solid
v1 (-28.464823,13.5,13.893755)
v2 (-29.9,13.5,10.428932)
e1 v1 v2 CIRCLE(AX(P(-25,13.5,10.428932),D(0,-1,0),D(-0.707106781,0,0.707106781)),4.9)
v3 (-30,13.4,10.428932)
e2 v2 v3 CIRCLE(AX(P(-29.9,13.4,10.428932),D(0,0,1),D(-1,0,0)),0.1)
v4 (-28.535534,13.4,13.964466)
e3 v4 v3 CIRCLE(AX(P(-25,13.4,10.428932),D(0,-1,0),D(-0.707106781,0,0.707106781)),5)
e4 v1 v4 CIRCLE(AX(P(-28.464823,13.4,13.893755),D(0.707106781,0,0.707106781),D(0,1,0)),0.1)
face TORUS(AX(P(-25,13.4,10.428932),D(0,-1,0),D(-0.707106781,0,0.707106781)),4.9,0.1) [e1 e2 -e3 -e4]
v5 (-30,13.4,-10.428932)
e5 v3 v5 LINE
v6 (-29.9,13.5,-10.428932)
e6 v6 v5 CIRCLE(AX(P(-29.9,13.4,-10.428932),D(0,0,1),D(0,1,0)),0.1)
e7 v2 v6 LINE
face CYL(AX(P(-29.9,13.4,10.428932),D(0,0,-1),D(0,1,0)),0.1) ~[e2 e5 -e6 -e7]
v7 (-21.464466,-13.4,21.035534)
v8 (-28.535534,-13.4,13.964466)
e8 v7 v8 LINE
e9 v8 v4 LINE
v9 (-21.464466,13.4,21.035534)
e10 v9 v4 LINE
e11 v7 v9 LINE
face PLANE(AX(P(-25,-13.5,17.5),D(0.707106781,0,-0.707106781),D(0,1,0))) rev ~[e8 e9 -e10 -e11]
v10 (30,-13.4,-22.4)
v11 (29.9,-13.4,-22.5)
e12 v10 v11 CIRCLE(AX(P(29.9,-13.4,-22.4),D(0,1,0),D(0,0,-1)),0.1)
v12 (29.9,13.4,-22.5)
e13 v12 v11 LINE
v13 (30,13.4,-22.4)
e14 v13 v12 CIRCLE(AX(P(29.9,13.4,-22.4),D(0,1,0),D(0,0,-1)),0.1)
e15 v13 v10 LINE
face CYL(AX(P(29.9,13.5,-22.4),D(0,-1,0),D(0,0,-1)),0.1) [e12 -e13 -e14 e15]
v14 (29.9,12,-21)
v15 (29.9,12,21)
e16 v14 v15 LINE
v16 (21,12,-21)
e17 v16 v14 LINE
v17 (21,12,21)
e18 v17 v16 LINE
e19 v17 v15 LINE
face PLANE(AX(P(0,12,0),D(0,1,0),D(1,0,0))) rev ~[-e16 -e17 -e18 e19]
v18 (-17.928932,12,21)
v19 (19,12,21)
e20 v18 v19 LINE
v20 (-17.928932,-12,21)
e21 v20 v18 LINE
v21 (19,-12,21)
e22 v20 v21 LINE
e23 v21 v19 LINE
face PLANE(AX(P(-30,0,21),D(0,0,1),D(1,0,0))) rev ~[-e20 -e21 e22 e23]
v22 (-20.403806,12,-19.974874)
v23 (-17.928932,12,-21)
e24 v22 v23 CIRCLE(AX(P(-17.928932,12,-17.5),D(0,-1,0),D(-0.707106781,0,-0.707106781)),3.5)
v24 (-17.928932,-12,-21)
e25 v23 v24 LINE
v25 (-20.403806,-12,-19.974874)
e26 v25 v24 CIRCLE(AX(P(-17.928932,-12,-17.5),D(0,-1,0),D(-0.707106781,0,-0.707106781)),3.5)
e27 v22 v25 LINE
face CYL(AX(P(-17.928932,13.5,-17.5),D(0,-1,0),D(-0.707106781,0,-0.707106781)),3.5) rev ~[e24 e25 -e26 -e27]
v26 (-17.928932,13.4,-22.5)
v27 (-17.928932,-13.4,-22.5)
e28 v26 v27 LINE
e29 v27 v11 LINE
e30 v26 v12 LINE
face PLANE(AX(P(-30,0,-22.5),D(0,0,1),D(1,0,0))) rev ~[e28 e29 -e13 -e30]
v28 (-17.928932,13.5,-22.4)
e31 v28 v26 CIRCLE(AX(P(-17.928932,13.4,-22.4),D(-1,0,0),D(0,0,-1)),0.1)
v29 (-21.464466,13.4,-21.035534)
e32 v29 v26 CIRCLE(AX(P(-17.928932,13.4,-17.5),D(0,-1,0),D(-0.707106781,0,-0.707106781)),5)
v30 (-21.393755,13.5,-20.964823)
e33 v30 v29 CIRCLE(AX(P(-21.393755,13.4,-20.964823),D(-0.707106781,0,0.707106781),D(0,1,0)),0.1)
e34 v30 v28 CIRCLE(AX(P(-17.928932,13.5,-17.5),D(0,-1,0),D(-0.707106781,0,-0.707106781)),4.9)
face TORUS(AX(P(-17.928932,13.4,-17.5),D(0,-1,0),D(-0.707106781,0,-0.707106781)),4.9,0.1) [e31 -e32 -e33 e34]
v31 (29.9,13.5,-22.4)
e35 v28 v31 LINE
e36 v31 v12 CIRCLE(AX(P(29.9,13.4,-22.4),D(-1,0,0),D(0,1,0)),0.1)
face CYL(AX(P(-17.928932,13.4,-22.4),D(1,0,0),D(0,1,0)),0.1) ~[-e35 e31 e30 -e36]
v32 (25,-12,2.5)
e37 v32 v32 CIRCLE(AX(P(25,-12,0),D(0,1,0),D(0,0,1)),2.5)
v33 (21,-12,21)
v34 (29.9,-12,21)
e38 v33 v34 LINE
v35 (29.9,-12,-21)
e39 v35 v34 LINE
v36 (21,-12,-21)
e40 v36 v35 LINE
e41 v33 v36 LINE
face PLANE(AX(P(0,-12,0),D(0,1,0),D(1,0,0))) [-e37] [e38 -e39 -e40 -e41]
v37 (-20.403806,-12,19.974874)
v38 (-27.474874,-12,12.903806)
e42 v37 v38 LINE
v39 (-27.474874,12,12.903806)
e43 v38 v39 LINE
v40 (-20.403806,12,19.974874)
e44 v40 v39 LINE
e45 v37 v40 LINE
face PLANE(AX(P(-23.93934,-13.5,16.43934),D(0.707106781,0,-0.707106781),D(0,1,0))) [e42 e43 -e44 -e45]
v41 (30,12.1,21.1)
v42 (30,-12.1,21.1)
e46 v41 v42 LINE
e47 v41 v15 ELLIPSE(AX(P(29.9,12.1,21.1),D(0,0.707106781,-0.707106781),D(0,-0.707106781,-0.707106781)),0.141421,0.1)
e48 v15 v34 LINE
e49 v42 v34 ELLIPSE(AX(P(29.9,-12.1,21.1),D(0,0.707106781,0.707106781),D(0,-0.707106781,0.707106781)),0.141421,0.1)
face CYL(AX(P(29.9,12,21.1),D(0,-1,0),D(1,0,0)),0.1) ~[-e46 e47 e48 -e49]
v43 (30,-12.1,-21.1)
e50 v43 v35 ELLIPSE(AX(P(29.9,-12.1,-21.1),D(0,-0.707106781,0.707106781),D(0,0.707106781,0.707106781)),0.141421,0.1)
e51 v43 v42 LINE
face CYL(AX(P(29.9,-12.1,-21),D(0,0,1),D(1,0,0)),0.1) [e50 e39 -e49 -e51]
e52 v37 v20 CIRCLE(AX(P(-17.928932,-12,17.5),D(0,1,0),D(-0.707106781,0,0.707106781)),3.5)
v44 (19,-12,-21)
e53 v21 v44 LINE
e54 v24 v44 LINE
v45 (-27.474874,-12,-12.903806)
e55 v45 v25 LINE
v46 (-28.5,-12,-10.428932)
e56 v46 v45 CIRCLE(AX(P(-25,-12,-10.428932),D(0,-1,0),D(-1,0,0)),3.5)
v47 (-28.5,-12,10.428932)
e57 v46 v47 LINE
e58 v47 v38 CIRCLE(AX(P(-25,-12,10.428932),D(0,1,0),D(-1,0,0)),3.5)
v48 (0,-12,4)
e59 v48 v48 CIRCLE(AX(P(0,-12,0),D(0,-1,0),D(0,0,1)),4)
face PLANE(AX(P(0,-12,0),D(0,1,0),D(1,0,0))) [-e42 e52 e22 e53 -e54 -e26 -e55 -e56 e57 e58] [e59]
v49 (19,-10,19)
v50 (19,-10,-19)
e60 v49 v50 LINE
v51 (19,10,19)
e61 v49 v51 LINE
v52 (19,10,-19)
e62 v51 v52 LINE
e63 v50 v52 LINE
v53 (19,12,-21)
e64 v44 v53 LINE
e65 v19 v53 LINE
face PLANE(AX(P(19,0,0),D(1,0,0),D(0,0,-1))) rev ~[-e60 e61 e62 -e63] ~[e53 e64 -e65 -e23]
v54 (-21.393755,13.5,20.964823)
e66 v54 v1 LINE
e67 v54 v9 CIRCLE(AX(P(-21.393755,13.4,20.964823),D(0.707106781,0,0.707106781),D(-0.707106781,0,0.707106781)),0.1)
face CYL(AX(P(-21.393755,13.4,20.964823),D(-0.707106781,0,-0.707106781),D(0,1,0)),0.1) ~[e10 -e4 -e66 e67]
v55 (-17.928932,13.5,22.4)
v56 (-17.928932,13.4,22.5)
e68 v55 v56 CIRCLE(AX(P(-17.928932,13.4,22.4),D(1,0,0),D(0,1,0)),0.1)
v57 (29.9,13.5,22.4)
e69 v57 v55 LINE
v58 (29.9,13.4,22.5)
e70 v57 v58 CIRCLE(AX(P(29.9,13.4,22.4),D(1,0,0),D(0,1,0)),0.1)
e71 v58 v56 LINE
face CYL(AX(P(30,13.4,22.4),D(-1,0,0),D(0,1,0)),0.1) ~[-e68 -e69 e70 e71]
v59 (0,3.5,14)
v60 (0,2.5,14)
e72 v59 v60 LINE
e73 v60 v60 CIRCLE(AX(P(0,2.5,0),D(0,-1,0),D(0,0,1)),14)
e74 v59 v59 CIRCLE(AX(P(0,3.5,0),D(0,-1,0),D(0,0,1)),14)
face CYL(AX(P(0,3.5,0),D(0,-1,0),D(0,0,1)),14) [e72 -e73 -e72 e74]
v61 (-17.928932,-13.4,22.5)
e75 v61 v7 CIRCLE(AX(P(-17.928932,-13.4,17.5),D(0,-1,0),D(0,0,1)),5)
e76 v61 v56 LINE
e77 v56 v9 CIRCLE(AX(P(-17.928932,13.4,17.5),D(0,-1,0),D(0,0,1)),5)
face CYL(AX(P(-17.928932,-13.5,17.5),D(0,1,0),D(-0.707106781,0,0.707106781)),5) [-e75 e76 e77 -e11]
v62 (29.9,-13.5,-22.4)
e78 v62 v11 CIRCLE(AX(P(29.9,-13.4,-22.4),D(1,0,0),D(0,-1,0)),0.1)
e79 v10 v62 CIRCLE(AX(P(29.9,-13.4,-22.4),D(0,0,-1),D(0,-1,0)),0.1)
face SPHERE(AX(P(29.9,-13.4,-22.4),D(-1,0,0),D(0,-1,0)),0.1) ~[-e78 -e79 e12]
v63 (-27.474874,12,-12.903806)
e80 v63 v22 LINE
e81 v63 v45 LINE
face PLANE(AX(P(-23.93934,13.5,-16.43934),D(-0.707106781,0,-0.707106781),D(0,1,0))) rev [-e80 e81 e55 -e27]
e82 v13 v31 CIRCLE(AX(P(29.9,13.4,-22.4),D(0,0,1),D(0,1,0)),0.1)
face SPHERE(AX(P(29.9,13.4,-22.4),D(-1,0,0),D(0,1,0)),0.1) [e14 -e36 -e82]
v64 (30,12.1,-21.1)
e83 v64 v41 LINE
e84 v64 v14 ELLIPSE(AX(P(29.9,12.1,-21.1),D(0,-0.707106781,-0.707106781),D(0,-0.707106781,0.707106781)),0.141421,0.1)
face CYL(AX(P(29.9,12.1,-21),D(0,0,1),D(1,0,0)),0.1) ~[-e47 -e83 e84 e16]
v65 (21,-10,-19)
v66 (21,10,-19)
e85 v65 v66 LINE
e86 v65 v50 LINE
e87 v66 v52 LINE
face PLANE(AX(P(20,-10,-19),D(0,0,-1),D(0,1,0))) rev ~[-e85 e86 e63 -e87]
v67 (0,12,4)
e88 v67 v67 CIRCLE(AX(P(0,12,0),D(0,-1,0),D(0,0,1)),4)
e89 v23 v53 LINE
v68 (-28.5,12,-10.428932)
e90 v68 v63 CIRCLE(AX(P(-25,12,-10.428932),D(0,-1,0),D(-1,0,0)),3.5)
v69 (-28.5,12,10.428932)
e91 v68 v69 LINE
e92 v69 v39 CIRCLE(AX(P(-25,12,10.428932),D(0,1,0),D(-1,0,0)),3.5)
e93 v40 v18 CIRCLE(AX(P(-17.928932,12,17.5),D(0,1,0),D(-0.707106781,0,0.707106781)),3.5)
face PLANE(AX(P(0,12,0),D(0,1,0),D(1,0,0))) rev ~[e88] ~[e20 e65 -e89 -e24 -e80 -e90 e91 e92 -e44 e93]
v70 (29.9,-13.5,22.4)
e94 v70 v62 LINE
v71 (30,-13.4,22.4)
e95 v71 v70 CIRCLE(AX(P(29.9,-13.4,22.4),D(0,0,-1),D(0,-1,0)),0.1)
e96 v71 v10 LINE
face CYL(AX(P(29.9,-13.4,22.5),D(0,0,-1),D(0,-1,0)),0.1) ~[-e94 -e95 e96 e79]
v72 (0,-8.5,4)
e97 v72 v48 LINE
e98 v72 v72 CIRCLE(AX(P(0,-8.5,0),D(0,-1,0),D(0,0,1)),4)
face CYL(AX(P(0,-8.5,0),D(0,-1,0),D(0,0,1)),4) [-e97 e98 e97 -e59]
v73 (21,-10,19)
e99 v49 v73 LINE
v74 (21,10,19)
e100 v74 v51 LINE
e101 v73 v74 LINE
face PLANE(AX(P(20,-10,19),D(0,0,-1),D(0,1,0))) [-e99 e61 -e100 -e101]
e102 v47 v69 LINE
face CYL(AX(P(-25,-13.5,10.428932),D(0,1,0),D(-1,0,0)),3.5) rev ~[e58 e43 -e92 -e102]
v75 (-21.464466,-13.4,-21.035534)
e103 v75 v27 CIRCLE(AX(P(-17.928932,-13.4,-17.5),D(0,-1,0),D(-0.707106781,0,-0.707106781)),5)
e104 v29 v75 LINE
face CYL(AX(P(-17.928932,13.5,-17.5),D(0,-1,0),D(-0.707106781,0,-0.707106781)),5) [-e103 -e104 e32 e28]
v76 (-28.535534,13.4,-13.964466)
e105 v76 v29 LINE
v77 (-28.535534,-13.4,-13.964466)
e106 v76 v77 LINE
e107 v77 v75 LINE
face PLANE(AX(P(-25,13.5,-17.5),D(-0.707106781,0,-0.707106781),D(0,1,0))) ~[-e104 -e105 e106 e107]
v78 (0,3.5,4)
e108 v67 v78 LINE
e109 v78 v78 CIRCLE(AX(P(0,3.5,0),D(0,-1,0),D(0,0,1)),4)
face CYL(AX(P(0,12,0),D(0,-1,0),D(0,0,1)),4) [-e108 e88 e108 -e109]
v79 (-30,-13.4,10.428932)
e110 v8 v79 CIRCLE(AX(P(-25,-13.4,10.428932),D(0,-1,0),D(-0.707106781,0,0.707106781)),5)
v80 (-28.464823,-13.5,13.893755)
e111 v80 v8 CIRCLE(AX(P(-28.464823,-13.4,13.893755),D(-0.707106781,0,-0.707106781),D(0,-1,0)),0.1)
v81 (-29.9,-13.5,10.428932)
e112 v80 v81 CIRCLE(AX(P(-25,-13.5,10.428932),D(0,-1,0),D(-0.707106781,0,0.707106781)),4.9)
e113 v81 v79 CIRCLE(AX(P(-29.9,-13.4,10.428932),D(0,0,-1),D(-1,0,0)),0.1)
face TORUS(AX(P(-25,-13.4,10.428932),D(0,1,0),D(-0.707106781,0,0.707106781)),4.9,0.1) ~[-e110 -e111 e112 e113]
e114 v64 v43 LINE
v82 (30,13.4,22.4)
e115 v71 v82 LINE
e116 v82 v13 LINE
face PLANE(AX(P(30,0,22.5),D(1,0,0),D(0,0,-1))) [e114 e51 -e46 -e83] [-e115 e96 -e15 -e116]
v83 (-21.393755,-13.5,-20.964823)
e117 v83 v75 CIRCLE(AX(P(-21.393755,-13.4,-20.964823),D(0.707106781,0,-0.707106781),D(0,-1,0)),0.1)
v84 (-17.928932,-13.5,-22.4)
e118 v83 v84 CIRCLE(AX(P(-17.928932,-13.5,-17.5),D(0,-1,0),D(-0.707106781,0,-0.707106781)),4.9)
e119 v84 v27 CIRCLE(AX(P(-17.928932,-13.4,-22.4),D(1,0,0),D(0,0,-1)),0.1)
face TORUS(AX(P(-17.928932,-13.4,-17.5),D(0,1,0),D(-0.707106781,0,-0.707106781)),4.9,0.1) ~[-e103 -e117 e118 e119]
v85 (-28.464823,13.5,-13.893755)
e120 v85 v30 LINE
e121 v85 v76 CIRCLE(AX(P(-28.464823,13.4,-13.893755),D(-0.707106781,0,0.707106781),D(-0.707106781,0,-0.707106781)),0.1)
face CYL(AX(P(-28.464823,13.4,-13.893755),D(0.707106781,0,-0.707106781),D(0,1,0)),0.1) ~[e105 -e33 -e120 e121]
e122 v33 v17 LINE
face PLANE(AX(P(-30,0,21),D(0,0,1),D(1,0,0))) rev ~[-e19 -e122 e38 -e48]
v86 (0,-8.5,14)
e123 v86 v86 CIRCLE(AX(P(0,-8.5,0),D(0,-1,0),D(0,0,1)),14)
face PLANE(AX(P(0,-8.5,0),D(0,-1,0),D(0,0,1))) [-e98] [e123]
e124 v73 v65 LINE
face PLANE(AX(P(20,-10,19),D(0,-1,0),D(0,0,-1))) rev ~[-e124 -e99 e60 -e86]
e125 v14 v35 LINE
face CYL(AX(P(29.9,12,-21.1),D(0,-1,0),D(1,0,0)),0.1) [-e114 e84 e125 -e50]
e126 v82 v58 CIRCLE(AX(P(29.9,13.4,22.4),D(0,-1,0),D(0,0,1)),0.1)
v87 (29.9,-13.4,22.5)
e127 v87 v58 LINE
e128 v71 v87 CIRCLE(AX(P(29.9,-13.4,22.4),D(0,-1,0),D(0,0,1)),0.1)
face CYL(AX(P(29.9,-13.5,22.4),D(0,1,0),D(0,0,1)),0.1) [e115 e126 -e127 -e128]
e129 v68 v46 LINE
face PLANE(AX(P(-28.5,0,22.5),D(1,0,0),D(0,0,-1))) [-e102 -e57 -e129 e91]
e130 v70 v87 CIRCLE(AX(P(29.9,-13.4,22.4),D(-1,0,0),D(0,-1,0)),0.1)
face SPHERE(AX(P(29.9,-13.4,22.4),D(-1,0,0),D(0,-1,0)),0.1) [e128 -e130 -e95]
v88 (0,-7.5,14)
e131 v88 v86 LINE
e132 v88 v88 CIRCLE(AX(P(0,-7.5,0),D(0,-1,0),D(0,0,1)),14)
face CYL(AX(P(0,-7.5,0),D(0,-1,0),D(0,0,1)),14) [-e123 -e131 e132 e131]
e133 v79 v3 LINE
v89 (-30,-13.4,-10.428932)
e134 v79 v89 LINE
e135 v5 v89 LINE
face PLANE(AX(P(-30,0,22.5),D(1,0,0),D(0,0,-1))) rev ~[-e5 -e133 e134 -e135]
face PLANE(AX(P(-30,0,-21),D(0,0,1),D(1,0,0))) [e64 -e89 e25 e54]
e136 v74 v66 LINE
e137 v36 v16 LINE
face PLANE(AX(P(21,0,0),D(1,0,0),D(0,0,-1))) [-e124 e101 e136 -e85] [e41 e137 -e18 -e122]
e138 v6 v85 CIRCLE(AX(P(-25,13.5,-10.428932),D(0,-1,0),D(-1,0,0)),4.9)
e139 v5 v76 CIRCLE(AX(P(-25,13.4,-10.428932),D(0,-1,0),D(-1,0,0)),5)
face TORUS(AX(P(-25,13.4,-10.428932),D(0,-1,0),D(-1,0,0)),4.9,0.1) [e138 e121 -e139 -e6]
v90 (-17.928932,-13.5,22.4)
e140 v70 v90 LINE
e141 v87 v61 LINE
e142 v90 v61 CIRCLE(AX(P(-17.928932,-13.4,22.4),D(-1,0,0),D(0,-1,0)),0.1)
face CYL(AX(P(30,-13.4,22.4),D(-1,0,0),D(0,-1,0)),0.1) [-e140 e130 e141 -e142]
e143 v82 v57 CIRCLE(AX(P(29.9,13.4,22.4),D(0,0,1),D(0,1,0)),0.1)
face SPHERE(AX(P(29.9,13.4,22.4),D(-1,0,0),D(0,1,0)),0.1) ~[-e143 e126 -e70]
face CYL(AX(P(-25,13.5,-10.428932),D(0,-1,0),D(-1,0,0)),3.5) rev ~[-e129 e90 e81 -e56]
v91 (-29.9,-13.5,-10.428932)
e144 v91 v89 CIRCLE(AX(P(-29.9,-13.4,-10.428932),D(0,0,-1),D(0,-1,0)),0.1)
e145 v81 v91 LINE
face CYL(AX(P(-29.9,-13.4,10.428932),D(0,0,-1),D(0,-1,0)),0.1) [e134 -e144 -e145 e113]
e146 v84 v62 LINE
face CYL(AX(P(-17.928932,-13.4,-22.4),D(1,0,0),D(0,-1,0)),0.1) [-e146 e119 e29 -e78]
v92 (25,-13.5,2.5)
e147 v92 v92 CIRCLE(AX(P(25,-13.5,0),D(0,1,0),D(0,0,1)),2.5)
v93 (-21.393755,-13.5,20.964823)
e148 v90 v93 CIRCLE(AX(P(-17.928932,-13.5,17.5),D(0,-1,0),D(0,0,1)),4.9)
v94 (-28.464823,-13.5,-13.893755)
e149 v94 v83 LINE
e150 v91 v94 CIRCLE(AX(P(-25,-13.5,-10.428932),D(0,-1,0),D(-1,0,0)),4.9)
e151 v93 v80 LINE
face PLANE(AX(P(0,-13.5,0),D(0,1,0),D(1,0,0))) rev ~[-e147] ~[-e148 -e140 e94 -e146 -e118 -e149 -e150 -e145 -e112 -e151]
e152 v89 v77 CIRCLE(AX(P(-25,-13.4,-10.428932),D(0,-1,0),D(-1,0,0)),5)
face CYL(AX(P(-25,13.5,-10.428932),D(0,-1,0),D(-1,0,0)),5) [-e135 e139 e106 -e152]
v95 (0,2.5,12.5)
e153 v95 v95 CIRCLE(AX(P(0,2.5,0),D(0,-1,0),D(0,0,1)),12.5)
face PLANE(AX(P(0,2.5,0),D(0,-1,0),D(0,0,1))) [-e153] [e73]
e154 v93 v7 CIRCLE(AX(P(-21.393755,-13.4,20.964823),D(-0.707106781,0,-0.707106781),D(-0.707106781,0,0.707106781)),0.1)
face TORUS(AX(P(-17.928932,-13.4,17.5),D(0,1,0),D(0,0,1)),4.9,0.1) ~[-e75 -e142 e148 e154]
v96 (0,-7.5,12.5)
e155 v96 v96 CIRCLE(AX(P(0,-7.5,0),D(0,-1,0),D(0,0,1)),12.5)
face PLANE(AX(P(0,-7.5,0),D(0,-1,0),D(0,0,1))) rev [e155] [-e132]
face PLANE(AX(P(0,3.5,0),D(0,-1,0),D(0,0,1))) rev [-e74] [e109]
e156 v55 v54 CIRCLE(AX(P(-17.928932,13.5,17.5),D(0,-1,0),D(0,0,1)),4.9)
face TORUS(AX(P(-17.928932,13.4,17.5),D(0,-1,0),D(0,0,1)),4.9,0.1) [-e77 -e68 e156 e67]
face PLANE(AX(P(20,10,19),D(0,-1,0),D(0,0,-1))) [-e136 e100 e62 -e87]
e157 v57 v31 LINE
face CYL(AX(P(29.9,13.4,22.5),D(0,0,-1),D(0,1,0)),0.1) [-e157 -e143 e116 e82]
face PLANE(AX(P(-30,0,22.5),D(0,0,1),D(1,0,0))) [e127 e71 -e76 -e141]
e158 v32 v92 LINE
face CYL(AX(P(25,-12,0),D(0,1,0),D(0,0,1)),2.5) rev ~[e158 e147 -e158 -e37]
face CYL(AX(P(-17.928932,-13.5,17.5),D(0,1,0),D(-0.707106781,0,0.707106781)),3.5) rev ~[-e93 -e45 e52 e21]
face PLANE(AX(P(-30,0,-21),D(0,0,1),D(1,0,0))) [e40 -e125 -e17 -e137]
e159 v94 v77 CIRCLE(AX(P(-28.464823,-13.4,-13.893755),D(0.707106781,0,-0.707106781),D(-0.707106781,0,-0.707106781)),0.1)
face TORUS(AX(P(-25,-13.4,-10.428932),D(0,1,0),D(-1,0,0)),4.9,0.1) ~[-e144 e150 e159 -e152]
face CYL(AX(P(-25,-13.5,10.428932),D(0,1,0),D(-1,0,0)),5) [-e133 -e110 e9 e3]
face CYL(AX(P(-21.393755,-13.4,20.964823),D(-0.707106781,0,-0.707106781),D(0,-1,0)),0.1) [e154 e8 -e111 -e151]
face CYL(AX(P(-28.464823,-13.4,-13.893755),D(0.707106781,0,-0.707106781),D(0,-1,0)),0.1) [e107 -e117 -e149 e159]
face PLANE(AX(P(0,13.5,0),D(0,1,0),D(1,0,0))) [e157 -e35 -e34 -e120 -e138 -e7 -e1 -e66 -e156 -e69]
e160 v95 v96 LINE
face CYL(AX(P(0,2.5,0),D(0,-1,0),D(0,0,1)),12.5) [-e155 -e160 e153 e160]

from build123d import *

# Parameters (mm, degrees)
SKETCH_1_W          = 60
SKETCH_1_H          = 45
EXTRUDE_1_DEPTH     = 13.5
CHAMFER_1_SIZE      = 10
FILLET_1_R          = 5
SHELL_1_T           = -1.5
FILLET_2_R          = 0.1
SKETCH_4_W          = 42
SKETCH_4_H          = 24
SKETCH_4_W_2        = 38
SKETCH_4_H_2        = 20
EXTRUDE_1_2_DEPTH   = 1
CUT_EXTRUDE_1_REACH = 47.349
SKETCH_7_R          = 2.5


with BuildPart() as part:
    # 草图1 → Extrude 1 (new, symmetric)
    with BuildSketch(Plane(origin=(0, 0, 0), x_dir=(1, 0, 0), z_dir=(0, 1, 0))):
        Rectangle(SKETCH_1_W, SKETCH_1_H)
    extrude(amount=EXTRUDE_1_DEPTH, both=True)

    # 倒角1
    chamfer_1_edges = [part.edges().sort_by_distance(p)[0] for p in [
        (-30, 0, 22.5),
        (-30, 0, -22.5),
    ]]
    chamfer(chamfer_1_edges, length=CHAMFER_1_SIZE)

    # 圆角1
    fillet_1_edges = [part.edges().sort_by_distance(p)[0] for p in [
        (-30, 0, 12.5),
        (-30, 0, -12.5),
        (-20, 0, -22.5),
        (-20, 0, 22.5),
    ]]
    fillet(fillet_1_edges, radius=FILLET_1_R)

    # 抽壳1
    shell_1_openings = [part.faces().sort_by_distance(p)[0] for p in [
        (30, 0, 0),
    ]]
    offset(amount=SHELL_1_T, openings=shell_1_openings, kind=Kind.INTERSECTION)

    # 圆角2
    fillet_2_edges = [part.edges().sort_by_distance(p)[0] for p in [
        (-25, 13.5, -17.5),
        (-30, 13.5, 0),
        (-25, 13.5, 17.5),
        (6.035533906, 13.5, 22.5),
        (-19.84234935, 13.5, 22.119397663),
        (-29.619397663, 13.5, 12.34234935),
        (-29.619397663, 13.5, -12.34234935),
        (-19.84234935, 13.5, -22.119397663),
        (-25, -13.5, -17.5),
        (-30, -13.5, 0),
        (6.035533906, -13.5, 22.5),
        (-25, -13.5, 17.5),
        (-19.84234935, -13.5, 22.119397663),
        (-29.619397663, -13.5, 12.34234935),
        (-29.619397663, -13.5, -12.34234935),
        (-19.84234935, -13.5, -22.119397663),
        (30, 13.5, 0),
        (6.035533906, -13.5, -22.5),
        (30, -12, 0),
        (30, 0, 21),
        (30, 0, -21),
        (30, 12, 0),
        (30, -13.5, 0),
        (6.035533906, 13.5, -22.5),
        (30, 0, 22.5),
        (30, 0, -22.5),
    ]]
    fillet(fillet_2_edges, radius=FILLET_2_R)

    # 草图3 → 旋转1 (revolve)
    with BuildSketch(Plane.XY, mode=Mode.PRIVATE) as revolve_1_sk:
        Polygon((0, 12), (4, 12), (4, 3.5), (14, 3.5), (14, 2.5), (12.5, 2.5), (12.5, -7.5), (14, -7.5), (14, -8.5), (4, -8.5), (4, -12), (0, -12), align=None)
    revolve(revolve_1_sk.sketch.rotate(Axis((0, 13.4, 0), (0, -1, 0)), 90), axis=Axis((0, 13.4, 0), (0, -1, 0)))

    # 草图4 → Extrude 1 2 (add, symmetric)
    with BuildSketch(Plane(origin=(20, 0, 0), x_dir=(0, 0, -1), z_dir=(1, 0, 0))):
        Rectangle(SKETCH_4_W, SKETCH_4_H)
        Rectangle(SKETCH_4_W_2, SKETCH_4_H_2, mode=Mode.SUBTRACT)
    extrude(amount=EXTRUDE_1_2_DEPTH, both=True)

    # 草图7 → 切除-拉伸1 (cut, up to next)
    with BuildSketch(Plane(origin=(0, -12, 0), x_dir=(1, 0, 0), z_dir=(0, 1, 0)), mode=Mode.PRIVATE) as cut_extrude_1_sk1:
        with Locations(Location((25, 0, 0), (0, 0, 270))):
            Circle(SKETCH_7_R)
    cut_extrude_1_tool1 = extrude(cut_extrude_1_sk1.sketch, amount=-CUT_EXTRUDE_1_REACH, mode=Mode.PRIVATE) & part.part
    add(cut_extrude_1_tool1.solids().sort_by_distance((25, -12, 0))[0], mode=Mode.SUBTRACT)


solid = part.part
